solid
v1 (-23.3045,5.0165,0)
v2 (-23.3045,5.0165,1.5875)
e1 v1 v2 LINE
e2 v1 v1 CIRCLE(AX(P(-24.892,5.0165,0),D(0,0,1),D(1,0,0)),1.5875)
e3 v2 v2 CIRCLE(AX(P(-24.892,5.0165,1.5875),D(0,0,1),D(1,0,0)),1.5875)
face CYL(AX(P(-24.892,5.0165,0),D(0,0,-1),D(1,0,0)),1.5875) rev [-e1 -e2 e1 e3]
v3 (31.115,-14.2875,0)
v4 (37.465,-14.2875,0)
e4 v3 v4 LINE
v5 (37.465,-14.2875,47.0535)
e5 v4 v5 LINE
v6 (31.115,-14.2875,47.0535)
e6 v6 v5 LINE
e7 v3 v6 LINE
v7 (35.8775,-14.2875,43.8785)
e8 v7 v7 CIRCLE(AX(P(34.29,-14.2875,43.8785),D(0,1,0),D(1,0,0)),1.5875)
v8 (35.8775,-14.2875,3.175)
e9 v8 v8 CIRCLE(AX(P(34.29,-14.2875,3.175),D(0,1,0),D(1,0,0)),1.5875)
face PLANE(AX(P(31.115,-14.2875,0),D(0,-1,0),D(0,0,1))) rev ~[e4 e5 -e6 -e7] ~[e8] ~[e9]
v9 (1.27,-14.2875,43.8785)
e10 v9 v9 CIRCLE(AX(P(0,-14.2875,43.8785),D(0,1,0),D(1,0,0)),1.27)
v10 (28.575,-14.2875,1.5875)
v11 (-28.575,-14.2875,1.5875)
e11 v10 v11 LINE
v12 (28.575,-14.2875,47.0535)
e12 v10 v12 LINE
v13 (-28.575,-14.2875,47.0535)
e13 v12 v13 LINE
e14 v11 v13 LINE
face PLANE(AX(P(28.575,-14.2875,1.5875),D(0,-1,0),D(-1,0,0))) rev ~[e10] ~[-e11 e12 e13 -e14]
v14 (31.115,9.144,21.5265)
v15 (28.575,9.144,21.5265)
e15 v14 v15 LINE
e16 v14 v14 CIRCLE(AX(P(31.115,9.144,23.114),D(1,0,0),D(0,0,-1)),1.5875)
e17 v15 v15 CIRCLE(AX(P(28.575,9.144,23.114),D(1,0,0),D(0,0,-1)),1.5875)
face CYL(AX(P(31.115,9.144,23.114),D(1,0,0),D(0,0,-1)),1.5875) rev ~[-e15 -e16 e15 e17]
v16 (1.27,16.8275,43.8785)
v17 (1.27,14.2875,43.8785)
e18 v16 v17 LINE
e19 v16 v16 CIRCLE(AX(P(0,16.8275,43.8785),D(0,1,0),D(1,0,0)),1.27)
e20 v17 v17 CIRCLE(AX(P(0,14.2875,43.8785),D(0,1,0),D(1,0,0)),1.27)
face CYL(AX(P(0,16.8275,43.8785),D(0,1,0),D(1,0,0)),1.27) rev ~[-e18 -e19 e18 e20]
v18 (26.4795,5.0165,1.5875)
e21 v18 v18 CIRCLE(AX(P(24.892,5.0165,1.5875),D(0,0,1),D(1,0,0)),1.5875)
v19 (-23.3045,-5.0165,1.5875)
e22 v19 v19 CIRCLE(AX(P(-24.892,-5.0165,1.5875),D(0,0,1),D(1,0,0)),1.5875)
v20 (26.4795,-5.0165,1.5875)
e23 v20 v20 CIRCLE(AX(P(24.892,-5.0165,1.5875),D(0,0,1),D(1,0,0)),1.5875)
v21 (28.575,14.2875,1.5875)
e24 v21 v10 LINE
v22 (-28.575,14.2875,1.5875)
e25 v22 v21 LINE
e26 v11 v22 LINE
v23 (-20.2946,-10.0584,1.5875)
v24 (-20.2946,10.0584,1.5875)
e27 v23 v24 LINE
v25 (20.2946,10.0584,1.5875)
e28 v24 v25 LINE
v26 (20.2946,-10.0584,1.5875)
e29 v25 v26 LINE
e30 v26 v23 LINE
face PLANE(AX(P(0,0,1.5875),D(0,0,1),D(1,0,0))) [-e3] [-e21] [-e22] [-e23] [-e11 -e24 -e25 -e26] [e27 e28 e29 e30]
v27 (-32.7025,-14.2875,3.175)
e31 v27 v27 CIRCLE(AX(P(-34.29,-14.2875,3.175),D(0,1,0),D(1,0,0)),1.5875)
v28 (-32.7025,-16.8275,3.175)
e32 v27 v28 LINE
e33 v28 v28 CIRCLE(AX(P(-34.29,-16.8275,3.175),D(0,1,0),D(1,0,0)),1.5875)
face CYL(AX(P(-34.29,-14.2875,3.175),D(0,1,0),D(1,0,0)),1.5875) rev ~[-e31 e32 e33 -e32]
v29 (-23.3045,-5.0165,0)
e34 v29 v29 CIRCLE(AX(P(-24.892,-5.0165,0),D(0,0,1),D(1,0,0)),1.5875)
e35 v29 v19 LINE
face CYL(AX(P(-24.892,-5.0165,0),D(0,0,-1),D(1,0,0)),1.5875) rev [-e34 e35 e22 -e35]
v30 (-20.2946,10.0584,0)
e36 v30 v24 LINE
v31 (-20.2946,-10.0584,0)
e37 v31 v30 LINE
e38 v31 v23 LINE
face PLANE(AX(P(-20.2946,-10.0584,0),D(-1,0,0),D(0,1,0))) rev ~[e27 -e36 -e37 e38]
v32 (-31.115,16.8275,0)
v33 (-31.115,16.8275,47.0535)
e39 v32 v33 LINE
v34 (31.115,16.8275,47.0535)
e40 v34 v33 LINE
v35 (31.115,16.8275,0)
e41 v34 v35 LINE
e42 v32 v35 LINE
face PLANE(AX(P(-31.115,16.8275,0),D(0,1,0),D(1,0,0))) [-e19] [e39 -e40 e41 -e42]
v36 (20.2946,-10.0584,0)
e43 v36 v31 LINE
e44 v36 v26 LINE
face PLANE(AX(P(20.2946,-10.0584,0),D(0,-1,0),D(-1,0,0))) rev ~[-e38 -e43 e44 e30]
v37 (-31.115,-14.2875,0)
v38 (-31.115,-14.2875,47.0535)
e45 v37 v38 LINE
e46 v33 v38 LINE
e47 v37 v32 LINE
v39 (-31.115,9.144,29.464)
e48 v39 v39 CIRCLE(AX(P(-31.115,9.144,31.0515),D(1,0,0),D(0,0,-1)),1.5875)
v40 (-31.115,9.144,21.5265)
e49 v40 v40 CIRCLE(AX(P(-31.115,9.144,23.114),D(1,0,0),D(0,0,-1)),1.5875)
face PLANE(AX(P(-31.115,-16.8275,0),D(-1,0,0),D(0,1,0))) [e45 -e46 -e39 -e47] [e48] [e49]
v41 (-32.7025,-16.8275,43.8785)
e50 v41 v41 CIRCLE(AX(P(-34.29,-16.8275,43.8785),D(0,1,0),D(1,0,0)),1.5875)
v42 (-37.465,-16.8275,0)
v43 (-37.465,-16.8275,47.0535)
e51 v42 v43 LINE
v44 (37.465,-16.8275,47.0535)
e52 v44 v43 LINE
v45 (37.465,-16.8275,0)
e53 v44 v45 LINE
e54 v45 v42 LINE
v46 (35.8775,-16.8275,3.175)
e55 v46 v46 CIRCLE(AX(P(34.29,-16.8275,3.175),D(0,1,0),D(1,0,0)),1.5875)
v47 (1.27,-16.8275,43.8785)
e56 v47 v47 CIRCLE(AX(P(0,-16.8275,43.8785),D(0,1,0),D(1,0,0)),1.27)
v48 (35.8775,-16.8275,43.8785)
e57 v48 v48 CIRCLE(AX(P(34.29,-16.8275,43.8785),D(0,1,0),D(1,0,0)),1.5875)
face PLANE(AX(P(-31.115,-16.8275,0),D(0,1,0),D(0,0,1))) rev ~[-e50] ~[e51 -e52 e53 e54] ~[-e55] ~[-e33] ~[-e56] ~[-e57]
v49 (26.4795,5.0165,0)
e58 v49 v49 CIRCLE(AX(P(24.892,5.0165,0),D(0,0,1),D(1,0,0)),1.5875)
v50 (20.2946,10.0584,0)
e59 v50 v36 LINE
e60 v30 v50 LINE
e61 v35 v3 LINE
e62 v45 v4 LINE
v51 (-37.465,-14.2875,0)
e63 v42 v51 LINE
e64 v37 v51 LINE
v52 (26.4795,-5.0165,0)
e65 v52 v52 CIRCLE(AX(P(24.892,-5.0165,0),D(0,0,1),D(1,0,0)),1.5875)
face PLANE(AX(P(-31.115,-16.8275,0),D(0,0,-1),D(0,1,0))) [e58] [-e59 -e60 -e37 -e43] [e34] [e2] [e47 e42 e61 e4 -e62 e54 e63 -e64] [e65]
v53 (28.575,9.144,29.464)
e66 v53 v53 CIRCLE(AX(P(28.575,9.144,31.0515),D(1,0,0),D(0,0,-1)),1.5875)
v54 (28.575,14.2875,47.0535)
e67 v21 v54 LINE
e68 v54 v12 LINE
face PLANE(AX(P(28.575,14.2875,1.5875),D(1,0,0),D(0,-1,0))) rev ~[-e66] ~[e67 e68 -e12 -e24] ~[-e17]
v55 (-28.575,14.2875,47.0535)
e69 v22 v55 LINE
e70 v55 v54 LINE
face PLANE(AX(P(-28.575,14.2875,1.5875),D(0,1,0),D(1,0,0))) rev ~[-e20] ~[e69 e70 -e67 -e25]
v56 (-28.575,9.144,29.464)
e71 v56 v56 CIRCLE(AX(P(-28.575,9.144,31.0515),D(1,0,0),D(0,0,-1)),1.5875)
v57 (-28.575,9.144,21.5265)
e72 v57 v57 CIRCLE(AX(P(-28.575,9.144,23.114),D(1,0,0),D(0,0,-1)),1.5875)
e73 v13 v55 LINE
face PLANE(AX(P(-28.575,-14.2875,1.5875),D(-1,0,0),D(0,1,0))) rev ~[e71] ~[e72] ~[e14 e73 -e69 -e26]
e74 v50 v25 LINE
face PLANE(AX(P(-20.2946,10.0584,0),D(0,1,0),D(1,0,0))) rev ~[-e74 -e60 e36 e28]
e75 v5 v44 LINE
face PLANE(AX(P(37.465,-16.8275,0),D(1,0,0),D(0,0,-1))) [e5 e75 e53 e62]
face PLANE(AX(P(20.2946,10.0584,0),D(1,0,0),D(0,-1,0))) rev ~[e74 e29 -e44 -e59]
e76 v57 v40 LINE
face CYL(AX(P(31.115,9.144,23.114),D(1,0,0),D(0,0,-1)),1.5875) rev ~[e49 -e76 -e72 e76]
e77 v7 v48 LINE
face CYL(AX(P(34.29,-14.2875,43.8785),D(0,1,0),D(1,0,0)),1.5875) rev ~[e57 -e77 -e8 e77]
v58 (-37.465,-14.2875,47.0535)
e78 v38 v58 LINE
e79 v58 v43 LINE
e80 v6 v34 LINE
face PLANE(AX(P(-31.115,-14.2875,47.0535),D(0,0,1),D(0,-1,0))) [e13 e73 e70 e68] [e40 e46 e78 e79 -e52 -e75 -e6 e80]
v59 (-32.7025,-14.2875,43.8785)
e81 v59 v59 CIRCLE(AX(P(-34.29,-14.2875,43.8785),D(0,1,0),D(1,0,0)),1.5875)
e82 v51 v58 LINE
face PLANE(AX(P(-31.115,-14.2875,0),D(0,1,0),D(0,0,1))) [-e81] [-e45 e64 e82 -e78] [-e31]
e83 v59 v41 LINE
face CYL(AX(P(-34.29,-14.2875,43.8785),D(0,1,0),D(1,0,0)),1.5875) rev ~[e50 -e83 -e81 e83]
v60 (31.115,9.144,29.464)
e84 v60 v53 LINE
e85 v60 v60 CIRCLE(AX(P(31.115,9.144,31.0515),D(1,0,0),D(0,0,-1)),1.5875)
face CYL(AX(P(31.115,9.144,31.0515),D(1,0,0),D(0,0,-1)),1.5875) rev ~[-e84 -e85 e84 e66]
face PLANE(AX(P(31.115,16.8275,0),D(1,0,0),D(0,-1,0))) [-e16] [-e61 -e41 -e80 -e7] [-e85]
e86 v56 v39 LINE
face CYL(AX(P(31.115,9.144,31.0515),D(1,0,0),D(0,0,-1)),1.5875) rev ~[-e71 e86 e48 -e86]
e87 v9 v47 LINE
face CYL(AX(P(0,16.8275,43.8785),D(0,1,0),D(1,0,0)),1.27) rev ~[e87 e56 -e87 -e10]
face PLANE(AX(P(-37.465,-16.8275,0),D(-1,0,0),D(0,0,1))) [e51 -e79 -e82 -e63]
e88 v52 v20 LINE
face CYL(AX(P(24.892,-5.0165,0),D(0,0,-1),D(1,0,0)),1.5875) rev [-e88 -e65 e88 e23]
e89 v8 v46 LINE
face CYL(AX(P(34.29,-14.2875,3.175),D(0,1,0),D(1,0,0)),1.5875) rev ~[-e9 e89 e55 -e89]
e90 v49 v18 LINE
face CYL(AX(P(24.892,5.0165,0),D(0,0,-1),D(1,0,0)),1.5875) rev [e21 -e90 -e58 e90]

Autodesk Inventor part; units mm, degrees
ref_plane "YZ Plane" through (0, 0, 0) normal (1, 0, 0) x (0, 1, 0)
ref_plane "XZ Plane" through (0, 0, 0) normal (0, 1, 0) x (-1, 0, 0)
ref_plane "XY Plane" through (0, 0, 0) normal (0, 0, 1) x (1, 0, 0)
sketch "Sketch1" plane through (0, 0, 0) normal (0, 0, 1) x (1, 0, 0)
  line L0 (-20.2946, 10.0584) -> (20.2946, 10.0584)
  line L1 (20.2946, 10.0584) -> (20.2946, -10.0584)
  line L2 (20.2946, -10.0584) -> (-20.2946, -10.0584)
  line L3 (-20.2946, -10.0584) -> (-20.2946, 10.0584)
  line L4 (-31.115, 16.8275) -> (31.115, 16.8275)
  line L5 (31.115, 16.8275) -> (31.115, -16.8275)
  line L6 (31.115, -16.8275) -> (-31.115, -16.8275)
  line L7 (-31.115, -16.8275) -> (-31.115, 16.8275)
  circle A0 centre (-24.892, 5.0165) radius 1.5875
  line L8 (0, 0) -> (0, 25.203) construction
  line L9 (0, 0) -> (-28.0291, 0) construction
  circle A1 centre (24.892, 5.0165) radius 1.5875
  line L10 (0, 0) -> (41.5268, 0) construction
  circle A2 centre (-24.892, -5.0165) radius 1.5875
  circle A3 centre (24.892, -5.0165) radius 1.5875
  dimension "d0" = 40.5892
  dimension "d1" = 20.1168
  dimension "d2" = 20.2946
  dimension "d3" = 10.0584
  dimension "d4" = 62.23
  dimension "d5" = 33.655
  dimension "d6" = 16.8275
  dimension "d7" = 31.115
  dimension "d8" = 3.175
  dimension "d9" = 24.892
  dimension "d10" = 5.0165
extrude "Extrusion1" add sketch "Sketch1" along normal blind 1.5875
sketch "Sketch2" plane through (0, 0, 1.5875) normal (0, 0, 1) x (1, 0, 0)
  line L0 (31.115, 16.8275) -> (-31.115, 16.8275) projected
  line L1 (-31.115, 16.8275) -> (-31.115, -16.8275) projected
  line L2 (-31.115, -16.8275) -> (31.115, -16.8275) projected
  line L3 (31.115, -16.8275) -> (31.115, 16.8275) projected
  line L4 (-28.575, 14.2875) -> (28.575, 14.2875)
  line L5 (28.575, 14.2875) -> (28.575, -14.2875)
  line L6 (28.575, -14.2875) -> (-28.575, -14.2875)
  line L7 (-28.575, -14.2875) -> (-28.575, 14.2875)
  point P0 (0, 0)
  dimension "d13" = 57.15
  dimension "d14" = 28.575
  dimension "d15" = 28.575
  dimension "d16" = 14.2875
extrude "Extrusion2" add sketch "Sketch2" along normal blind 45.466
sketch "Sketch3" plane through (31.115, -16.8275, 0) normal (1, 0, 0) x (0, 0, -1)
  circle A0 centre (-23.114, 25.9715) radius 1.5875
  circle A1 centre (-31.0515, 25.9715) radius 1.5875
  point P0 (0, 16.8275)
  dimension "d19" = 3.175
  dimension "d20" = 9.144
  dimension "d21" = 23.114
  dimension "d22" = 3.175
  dimension "d23" = 9.144
  dimension "d24" = 7.9375
extrude "Extrusion3" cut sketch "Sketch3" against normal through all
sketch "Sketch4" plane through (31.115, -16.8275, 0) normal (1, 0, 0) x (0, 0, -1)
  line L0 (0, 0) -> (0, 33.655) projected
  line L1 (-47.0535, 0) -> (0, 0)
  line L2 (0, 0) -> (0, 2.54)
  line L3 (0, 2.54) -> (-47.0535, 2.54)
  line L4 (-47.0535, 2.54) -> (-47.0535, 0)
  point P0 (0, 16.8275)
  dimension "d27" = 2.54
extrude "Extrusion4" add sketch "Sketch4" along normal blind 6.35
sketch "Sketch5" plane through (31.115, -14.2875, 47.0535) normal (0, 1, 0) x (1, 0, 0)
  circle A0 centre (3.175, 3.175) radius 1.5875
  line L0 (0, 0) -> (6.35, 0) projected
  line L1 (6.35, 47.0535) -> (6.35, 0) projected
  circle A1 centre (3.175, 43.8785) radius 1.5875
  point P0 (-31.115, 47.0535)
  dimension "d30" = 3.175
  dimension "d31" = 3.175
  dimension "d32" = 3.175
  dimension "d33" = 3.175
  dimension "d34" = 3.175
  dimension "d35" = 3.175
extrude "Extrusion5" cut sketch "Sketch5" against normal blind 6.35
sketch "Sketch6" plane through (-31.115, -16.8275, 0) normal (-1, 0, 0) x (0, 0, 1)
  line L0 (0, 0) -> (47.0535, 0) projected
  line L1 (0, 0) -> (0, 2.54)
  line L2 (0, 0) -> (0, 33.655) projected
  line L3 (0, 2.54) -> (47.0535, 2.54)
  line L4 (47.0535, 2.54) -> (47.0535, 0)
  point P0 (0, 16.8275)
  dimension "d38" = 2.54
extrude "Extrusion6" add sketch "Sketch6" along normal blind 6.35
sketch "Sketch7" plane through (-31.115, -14.2875, 47.0535) normal (0, 1, 0) x (1, 0, 0)
  circle A0 centre (-3.175, 43.8785) radius 1.5875
  circle A1 centre (-3.175, 3.175) radius 1.5875
  line L0 (-6.35, 0) -> (-6.35, 47.0535) projected
  point P0 (31.115, 47.0535)
  dimension "d41" = 3.175
  dimension "d42" = 3.175
  dimension "d43" = 3.175
  dimension "d44" = 3.175
  dimension "d45" = 3.175
  dimension "d46" = 3.175
extrude "Extrusion7" cut sketch "Sketch7" against normal blind 6.35
sketch "Sketch8" plane through (-31.115, 16.8275, 0) normal (0, 1, 0) x (1, 0, 0)
  line L0 (62.23, -47.0535) -> (0, -47.0535) projected
  circle A0 centre (31.115, -43.8785) radius 1.27
  point P0 (31.115, 0)
  dimension "d49" = 2.54
  dimension "d50" = 3.175
  dimension "d51" = 31.115
extrude "Extrusion8" cut sketch "Sketch8" against normal through all
equation "\"d0\" = servL"
equation "\"d1\" = servW"
equation "\"d2\" = 0.5 * servL"
equation "\"d3\" = 0.5 * servW"
equation "\"d4\" = housL + 2 * housT"
equation "\"d5\" = housW + 2 * housT"
equation "\"d6\" = housT + 0.5 * housW"
equation "\"d7\" = housT + 0.5 * housL"
equation "\"d8\" = servMD"
equation "\"d9\" = 0.5 * servML"
equation "\"d10\" = 0.5 * servMW"
equation "\"d11\" = housBT"
equation "\"d13\" = housL"
equation "\"d14\" = housW"
equation "\"d15\" = 0.5 * housL"
equation "\"d16\" = 0.5 * housW"
equation "\"d17\" = housH"
equation "\"d19\" = guideD"
equation "\"d20\" = guideW"
equation "\"d21\" = guideH"
equation "\"d22\" = guideD"
equation "\"d23\" = guideW"
equation "\"d24\" = hubH + spoolT"
equation "\"d25\" = housT"
equation "\"d27\" = housT"
equation "\"d38\" = housT"
equation "\"d51\" = 0.5 * housL + housT"
equation "\"spoolD\" = 25.4"
equation "\"hubD\" = 6.35"
equation "\"spoolT\" = 1.5875"
equation "\"hubH\" = 6.35"
equation "\"hornD\" = 25.4"
equation "\"hornT\" = 1.5875"
equation "\"hornS\" = 2.794"
equation "\"hornID\" = 6.096"
equation "\"hornOD\" = 8.89"
equation "\"hornH\" = 2.54"
equation "\"inset\" = 2.032"
equation "\"insetD\" = 5.842"
equation "\"servW\" = 20.1168"
equation "\"servL\" = 40.5892"
equation "\"servML\" = 49.784"
equation "\"servMW\" = 10.033"
equation "\"servMD\" = 3.175"
equation "\"housW\" = 28.575"
equation "\"housL\" = 57.15"
equation "\"housT\" = 2.54"
equation "\"housBT\" = 1.5875"
equation "\"housH\" = 45.466"
equation "\"guideD\" = 3.175"
equation "\"guideH\" = 23.114"
equation "\"guideW\" = 9.144"
properties part number "Housing"
